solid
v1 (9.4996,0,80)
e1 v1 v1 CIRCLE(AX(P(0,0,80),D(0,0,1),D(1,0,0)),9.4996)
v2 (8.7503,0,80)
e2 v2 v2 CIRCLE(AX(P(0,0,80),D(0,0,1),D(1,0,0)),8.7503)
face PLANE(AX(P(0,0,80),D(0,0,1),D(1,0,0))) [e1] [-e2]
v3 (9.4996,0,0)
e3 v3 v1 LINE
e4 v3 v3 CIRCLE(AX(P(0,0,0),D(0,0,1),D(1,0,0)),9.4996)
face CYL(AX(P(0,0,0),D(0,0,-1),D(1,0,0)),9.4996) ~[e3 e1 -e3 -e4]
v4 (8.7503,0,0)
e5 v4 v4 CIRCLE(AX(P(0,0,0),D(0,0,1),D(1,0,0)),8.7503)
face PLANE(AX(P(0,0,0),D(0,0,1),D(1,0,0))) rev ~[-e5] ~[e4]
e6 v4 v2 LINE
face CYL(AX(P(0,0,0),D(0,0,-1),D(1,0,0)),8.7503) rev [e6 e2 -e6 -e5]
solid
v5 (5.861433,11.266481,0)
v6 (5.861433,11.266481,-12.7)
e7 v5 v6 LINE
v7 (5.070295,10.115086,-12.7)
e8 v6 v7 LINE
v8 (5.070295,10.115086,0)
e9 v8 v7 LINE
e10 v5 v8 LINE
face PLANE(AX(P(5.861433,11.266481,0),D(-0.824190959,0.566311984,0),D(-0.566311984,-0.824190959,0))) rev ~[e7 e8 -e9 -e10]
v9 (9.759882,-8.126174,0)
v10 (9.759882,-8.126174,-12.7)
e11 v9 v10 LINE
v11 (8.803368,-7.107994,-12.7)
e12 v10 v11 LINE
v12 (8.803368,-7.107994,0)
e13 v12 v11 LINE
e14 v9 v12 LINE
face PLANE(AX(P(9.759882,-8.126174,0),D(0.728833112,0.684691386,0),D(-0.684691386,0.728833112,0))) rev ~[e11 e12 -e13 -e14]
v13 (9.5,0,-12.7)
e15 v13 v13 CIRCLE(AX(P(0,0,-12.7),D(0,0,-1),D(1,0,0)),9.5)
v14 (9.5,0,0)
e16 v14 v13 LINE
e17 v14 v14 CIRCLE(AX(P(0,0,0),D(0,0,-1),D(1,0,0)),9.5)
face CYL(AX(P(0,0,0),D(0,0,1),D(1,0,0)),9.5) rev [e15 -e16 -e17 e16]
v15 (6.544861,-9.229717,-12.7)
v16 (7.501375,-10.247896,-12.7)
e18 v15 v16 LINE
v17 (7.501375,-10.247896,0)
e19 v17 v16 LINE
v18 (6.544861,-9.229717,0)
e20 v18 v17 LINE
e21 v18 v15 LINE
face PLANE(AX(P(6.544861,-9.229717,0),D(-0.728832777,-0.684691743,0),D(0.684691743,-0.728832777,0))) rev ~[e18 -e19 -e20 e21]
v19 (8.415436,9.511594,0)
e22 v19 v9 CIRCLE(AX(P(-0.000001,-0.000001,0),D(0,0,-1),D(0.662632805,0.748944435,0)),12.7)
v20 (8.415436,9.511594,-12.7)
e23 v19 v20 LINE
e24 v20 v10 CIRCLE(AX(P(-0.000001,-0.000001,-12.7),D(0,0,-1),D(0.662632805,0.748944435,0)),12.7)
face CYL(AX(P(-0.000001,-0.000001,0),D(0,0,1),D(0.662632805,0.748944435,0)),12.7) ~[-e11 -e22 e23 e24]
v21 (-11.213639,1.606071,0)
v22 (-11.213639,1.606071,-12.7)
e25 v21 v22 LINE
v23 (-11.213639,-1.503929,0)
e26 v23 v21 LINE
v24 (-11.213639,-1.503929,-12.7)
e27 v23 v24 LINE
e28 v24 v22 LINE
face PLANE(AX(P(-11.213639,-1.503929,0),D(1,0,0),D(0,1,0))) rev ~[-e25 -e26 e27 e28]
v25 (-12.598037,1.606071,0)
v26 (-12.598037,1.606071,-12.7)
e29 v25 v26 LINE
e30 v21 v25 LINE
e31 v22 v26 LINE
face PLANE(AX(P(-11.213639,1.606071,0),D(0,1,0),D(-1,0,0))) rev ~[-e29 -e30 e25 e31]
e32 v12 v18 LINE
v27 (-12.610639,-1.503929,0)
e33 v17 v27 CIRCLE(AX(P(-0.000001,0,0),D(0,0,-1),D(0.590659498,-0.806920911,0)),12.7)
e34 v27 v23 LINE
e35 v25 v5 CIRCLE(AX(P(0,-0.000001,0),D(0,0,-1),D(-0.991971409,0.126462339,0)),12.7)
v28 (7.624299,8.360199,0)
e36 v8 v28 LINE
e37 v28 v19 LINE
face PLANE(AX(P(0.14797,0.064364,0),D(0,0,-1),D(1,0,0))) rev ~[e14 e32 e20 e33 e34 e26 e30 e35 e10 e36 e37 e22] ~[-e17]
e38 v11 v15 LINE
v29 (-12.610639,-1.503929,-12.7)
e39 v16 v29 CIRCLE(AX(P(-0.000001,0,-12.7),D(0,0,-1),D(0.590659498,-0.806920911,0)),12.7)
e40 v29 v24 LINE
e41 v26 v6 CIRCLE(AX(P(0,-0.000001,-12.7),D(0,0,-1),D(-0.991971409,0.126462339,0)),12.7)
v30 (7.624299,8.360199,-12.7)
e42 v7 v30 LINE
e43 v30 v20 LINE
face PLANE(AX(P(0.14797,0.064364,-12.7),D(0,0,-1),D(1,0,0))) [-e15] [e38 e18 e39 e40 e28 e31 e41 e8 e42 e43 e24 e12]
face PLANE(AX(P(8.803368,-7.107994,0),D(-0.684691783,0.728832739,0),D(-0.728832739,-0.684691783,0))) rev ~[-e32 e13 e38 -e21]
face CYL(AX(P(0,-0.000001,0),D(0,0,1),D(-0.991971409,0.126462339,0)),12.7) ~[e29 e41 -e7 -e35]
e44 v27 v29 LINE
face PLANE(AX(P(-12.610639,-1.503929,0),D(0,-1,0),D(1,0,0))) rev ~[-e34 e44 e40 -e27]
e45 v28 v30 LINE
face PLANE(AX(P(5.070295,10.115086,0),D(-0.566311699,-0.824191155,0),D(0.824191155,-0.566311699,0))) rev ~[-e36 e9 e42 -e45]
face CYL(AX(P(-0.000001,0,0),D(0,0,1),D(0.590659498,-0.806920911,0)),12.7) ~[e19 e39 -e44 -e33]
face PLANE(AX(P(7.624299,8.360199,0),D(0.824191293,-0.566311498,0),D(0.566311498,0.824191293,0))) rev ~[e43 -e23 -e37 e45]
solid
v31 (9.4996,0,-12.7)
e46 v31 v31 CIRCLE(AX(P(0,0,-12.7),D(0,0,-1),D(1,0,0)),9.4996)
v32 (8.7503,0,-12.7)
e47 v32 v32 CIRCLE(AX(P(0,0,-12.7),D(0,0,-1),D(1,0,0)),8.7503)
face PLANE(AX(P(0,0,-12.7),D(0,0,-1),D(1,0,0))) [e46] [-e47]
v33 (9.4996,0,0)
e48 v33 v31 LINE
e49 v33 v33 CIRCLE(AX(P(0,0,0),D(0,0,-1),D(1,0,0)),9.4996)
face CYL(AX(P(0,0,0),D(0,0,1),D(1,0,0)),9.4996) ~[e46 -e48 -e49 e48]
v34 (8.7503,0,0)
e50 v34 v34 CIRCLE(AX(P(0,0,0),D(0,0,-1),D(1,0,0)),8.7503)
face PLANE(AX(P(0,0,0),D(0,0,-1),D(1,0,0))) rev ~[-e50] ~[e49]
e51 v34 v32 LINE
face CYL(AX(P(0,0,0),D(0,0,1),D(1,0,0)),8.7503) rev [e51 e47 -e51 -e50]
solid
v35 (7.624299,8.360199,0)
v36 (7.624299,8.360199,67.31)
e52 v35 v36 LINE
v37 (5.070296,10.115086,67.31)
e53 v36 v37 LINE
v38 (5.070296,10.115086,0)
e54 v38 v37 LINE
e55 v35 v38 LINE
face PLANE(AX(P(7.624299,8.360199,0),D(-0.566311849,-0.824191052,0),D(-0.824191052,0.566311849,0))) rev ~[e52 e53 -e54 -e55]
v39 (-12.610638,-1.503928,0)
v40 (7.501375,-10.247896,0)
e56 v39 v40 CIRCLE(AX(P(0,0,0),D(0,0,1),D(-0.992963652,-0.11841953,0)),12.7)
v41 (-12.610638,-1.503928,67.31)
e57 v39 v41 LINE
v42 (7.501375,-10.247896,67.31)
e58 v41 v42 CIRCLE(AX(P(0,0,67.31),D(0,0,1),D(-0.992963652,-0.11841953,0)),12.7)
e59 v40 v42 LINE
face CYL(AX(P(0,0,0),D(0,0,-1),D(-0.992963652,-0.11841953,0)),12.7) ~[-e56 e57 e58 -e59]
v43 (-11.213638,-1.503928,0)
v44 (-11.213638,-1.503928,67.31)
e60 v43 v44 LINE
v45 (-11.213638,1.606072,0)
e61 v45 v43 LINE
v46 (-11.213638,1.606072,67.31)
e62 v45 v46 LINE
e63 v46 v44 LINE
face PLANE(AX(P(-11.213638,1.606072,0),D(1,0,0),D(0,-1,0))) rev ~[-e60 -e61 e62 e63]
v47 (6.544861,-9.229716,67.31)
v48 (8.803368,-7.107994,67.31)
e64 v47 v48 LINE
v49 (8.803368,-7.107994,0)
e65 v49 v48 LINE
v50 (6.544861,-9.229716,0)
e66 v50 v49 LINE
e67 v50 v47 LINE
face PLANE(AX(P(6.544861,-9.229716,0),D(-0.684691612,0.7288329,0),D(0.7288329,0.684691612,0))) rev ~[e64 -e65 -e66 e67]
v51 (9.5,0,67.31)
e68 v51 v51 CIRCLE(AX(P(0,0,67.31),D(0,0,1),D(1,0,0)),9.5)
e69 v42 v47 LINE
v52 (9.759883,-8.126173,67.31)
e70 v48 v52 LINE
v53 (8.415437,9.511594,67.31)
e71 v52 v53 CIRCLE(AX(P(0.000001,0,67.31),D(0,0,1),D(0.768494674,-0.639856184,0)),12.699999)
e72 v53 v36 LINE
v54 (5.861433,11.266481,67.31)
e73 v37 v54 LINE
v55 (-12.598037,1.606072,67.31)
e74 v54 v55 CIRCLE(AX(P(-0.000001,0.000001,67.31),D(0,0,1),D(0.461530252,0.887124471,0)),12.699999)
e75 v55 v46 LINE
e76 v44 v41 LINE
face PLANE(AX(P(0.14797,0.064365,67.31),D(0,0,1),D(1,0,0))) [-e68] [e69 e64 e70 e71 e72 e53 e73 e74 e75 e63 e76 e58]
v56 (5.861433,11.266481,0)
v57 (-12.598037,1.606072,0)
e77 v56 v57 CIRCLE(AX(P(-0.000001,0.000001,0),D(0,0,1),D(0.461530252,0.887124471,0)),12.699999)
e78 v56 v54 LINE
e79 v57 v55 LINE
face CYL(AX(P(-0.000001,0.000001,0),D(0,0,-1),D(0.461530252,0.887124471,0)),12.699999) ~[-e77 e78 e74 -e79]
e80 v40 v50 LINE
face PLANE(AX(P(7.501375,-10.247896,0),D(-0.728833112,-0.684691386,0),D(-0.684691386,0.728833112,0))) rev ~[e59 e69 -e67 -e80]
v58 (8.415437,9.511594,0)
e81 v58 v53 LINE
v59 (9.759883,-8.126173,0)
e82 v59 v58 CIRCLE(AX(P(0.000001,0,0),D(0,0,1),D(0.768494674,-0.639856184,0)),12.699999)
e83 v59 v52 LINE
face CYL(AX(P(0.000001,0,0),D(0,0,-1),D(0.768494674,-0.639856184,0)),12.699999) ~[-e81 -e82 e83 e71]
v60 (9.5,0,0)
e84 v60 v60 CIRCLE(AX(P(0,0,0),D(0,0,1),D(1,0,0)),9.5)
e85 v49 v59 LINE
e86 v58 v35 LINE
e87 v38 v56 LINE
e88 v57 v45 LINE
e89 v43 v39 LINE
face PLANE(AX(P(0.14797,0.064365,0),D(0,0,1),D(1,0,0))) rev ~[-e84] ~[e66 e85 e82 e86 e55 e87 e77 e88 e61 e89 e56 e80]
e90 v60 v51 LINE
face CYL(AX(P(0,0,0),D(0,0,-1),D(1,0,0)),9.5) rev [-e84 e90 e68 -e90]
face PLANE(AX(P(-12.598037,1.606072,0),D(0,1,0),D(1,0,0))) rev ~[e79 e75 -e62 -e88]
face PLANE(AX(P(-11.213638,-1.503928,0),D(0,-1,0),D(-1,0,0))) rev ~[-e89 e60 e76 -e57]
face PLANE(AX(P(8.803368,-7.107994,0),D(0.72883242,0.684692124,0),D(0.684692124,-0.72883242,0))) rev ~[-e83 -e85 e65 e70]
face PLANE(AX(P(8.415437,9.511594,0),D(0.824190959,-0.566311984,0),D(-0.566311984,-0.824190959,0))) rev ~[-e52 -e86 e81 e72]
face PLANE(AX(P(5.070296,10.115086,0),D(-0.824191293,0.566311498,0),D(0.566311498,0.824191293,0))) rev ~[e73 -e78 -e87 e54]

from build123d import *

# Parameters (mm, degrees)
F0_R        = 9.5
F1_DEPTH    = 67.31
F2_R        = 9.4996
F2_R_2      = 8.7503
F3_DEPTH    = 80
F3_FACE_R   = 9.4996
F3_FACE_R_2 = 8.7503
F1_FACE_R   = 9.5
F4_DEPTH    = 12.7


with BuildPart() as f1:
    # F0 (on Top) → F1 (new body)
    with BuildSketch(Plane.XY):
        with BuildLine():
            Line((8.803368, -7.107994), (9.759883, -8.126173))
            ThreePointArc((9.759883, -8.126173), (12.663265, 0.965262), (8.415437, 9.511594))
            Line((8.415437, 9.511594), (7.624299, 8.360199))
            Line((7.624299, 8.360199), (5.070296, 10.115086))
            Line((5.070296, 10.115086), (5.861433, 11.266481))
            ThreePointArc((5.861433, 11.266481), (-5.888662, 11.252274), (-12.598037, 1.606072))
            Line((-12.598037, 1.606072), (-11.213638, 1.606072))
            Line((-11.213638, 1.606072), (-11.213638, -1.503928))
            Line((-11.213638, -1.503928), (-12.610638, -1.503928))
            ThreePointArc((-12.610638, -1.503928), (-5.063634, -11.646871), (7.501375, -10.247896))
            Line((7.501375, -10.247896), (6.544861, -9.229716))
            Line((6.544861, -9.229716), (8.803368, -7.107994))
        make_face()
        Circle(F0_R, mode=Mode.SUBTRACT)
    extrude(amount=F1_DEPTH)


with BuildPart() as f3:
    # F2 (on Top) → F3 (new body)
    with BuildSketch(Plane.XY):
        Circle(F2_R)
        Circle(F2_R_2, mode=Mode.SUBTRACT)
    extrude(amount=F3_DEPTH)


with BuildPart() as f4:
    # F3_face (on face) + F1_face (on face) → F4 (new body)
    with BuildSketch(Plane(origin=(0, 0, 0), x_dir=(1, 0, 0), z_dir=(0, 0, -1))):
        Circle(F3_FACE_R)
        Circle(F3_FACE_R_2, mode=Mode.SUBTRACT)
    with BuildSketch(Plane(origin=(-0.064741, -0.025632, 0), x_dir=(1, 0, 0), z_dir=(0, 0, -1))):
        with BuildLine():
            ThreePointArc((7.566116, 10.222264), (-4.998893, 11.62124), (-12.545898, 1.478297))
            Line((-12.545898, 1.478297), (-11.148898, 1.478297))
            Line((-11.148898, 1.478297), (-11.148898, -1.631703))
            Line((-11.148898, -1.631703), (-12.533296, -1.631703))
            ThreePointArc((-12.533296, -1.631703), (-5.823921, -11.277905), (5.926174, -11.292113))
            Line((5.926174, -11.292113), (5.135036, -10.140718))
            Line((5.135036, -10.140718), (7.68904, -8.385831))
            Line((7.68904, -8.385831), (8.480177, -9.537226))
            ThreePointArc((8.480177, -9.537226), (12.728005, -0.990894), (9.824623, 8.100542))
            Line((9.824623, 8.100542), (8.868109, 7.082362))
            Line((8.868109, 7.082362), (6.609602, 9.204085))
            Line((6.609602, 9.204085), (7.566116, 10.222264))
        make_face()
        with Locations((0.064741, -0.025632)):
            Circle(F1_FACE_R, mode=Mode.SUBTRACT)
    extrude(amount=F4_DEPTH)


solid = Compound([f1.part, f3.part, f4.part])
